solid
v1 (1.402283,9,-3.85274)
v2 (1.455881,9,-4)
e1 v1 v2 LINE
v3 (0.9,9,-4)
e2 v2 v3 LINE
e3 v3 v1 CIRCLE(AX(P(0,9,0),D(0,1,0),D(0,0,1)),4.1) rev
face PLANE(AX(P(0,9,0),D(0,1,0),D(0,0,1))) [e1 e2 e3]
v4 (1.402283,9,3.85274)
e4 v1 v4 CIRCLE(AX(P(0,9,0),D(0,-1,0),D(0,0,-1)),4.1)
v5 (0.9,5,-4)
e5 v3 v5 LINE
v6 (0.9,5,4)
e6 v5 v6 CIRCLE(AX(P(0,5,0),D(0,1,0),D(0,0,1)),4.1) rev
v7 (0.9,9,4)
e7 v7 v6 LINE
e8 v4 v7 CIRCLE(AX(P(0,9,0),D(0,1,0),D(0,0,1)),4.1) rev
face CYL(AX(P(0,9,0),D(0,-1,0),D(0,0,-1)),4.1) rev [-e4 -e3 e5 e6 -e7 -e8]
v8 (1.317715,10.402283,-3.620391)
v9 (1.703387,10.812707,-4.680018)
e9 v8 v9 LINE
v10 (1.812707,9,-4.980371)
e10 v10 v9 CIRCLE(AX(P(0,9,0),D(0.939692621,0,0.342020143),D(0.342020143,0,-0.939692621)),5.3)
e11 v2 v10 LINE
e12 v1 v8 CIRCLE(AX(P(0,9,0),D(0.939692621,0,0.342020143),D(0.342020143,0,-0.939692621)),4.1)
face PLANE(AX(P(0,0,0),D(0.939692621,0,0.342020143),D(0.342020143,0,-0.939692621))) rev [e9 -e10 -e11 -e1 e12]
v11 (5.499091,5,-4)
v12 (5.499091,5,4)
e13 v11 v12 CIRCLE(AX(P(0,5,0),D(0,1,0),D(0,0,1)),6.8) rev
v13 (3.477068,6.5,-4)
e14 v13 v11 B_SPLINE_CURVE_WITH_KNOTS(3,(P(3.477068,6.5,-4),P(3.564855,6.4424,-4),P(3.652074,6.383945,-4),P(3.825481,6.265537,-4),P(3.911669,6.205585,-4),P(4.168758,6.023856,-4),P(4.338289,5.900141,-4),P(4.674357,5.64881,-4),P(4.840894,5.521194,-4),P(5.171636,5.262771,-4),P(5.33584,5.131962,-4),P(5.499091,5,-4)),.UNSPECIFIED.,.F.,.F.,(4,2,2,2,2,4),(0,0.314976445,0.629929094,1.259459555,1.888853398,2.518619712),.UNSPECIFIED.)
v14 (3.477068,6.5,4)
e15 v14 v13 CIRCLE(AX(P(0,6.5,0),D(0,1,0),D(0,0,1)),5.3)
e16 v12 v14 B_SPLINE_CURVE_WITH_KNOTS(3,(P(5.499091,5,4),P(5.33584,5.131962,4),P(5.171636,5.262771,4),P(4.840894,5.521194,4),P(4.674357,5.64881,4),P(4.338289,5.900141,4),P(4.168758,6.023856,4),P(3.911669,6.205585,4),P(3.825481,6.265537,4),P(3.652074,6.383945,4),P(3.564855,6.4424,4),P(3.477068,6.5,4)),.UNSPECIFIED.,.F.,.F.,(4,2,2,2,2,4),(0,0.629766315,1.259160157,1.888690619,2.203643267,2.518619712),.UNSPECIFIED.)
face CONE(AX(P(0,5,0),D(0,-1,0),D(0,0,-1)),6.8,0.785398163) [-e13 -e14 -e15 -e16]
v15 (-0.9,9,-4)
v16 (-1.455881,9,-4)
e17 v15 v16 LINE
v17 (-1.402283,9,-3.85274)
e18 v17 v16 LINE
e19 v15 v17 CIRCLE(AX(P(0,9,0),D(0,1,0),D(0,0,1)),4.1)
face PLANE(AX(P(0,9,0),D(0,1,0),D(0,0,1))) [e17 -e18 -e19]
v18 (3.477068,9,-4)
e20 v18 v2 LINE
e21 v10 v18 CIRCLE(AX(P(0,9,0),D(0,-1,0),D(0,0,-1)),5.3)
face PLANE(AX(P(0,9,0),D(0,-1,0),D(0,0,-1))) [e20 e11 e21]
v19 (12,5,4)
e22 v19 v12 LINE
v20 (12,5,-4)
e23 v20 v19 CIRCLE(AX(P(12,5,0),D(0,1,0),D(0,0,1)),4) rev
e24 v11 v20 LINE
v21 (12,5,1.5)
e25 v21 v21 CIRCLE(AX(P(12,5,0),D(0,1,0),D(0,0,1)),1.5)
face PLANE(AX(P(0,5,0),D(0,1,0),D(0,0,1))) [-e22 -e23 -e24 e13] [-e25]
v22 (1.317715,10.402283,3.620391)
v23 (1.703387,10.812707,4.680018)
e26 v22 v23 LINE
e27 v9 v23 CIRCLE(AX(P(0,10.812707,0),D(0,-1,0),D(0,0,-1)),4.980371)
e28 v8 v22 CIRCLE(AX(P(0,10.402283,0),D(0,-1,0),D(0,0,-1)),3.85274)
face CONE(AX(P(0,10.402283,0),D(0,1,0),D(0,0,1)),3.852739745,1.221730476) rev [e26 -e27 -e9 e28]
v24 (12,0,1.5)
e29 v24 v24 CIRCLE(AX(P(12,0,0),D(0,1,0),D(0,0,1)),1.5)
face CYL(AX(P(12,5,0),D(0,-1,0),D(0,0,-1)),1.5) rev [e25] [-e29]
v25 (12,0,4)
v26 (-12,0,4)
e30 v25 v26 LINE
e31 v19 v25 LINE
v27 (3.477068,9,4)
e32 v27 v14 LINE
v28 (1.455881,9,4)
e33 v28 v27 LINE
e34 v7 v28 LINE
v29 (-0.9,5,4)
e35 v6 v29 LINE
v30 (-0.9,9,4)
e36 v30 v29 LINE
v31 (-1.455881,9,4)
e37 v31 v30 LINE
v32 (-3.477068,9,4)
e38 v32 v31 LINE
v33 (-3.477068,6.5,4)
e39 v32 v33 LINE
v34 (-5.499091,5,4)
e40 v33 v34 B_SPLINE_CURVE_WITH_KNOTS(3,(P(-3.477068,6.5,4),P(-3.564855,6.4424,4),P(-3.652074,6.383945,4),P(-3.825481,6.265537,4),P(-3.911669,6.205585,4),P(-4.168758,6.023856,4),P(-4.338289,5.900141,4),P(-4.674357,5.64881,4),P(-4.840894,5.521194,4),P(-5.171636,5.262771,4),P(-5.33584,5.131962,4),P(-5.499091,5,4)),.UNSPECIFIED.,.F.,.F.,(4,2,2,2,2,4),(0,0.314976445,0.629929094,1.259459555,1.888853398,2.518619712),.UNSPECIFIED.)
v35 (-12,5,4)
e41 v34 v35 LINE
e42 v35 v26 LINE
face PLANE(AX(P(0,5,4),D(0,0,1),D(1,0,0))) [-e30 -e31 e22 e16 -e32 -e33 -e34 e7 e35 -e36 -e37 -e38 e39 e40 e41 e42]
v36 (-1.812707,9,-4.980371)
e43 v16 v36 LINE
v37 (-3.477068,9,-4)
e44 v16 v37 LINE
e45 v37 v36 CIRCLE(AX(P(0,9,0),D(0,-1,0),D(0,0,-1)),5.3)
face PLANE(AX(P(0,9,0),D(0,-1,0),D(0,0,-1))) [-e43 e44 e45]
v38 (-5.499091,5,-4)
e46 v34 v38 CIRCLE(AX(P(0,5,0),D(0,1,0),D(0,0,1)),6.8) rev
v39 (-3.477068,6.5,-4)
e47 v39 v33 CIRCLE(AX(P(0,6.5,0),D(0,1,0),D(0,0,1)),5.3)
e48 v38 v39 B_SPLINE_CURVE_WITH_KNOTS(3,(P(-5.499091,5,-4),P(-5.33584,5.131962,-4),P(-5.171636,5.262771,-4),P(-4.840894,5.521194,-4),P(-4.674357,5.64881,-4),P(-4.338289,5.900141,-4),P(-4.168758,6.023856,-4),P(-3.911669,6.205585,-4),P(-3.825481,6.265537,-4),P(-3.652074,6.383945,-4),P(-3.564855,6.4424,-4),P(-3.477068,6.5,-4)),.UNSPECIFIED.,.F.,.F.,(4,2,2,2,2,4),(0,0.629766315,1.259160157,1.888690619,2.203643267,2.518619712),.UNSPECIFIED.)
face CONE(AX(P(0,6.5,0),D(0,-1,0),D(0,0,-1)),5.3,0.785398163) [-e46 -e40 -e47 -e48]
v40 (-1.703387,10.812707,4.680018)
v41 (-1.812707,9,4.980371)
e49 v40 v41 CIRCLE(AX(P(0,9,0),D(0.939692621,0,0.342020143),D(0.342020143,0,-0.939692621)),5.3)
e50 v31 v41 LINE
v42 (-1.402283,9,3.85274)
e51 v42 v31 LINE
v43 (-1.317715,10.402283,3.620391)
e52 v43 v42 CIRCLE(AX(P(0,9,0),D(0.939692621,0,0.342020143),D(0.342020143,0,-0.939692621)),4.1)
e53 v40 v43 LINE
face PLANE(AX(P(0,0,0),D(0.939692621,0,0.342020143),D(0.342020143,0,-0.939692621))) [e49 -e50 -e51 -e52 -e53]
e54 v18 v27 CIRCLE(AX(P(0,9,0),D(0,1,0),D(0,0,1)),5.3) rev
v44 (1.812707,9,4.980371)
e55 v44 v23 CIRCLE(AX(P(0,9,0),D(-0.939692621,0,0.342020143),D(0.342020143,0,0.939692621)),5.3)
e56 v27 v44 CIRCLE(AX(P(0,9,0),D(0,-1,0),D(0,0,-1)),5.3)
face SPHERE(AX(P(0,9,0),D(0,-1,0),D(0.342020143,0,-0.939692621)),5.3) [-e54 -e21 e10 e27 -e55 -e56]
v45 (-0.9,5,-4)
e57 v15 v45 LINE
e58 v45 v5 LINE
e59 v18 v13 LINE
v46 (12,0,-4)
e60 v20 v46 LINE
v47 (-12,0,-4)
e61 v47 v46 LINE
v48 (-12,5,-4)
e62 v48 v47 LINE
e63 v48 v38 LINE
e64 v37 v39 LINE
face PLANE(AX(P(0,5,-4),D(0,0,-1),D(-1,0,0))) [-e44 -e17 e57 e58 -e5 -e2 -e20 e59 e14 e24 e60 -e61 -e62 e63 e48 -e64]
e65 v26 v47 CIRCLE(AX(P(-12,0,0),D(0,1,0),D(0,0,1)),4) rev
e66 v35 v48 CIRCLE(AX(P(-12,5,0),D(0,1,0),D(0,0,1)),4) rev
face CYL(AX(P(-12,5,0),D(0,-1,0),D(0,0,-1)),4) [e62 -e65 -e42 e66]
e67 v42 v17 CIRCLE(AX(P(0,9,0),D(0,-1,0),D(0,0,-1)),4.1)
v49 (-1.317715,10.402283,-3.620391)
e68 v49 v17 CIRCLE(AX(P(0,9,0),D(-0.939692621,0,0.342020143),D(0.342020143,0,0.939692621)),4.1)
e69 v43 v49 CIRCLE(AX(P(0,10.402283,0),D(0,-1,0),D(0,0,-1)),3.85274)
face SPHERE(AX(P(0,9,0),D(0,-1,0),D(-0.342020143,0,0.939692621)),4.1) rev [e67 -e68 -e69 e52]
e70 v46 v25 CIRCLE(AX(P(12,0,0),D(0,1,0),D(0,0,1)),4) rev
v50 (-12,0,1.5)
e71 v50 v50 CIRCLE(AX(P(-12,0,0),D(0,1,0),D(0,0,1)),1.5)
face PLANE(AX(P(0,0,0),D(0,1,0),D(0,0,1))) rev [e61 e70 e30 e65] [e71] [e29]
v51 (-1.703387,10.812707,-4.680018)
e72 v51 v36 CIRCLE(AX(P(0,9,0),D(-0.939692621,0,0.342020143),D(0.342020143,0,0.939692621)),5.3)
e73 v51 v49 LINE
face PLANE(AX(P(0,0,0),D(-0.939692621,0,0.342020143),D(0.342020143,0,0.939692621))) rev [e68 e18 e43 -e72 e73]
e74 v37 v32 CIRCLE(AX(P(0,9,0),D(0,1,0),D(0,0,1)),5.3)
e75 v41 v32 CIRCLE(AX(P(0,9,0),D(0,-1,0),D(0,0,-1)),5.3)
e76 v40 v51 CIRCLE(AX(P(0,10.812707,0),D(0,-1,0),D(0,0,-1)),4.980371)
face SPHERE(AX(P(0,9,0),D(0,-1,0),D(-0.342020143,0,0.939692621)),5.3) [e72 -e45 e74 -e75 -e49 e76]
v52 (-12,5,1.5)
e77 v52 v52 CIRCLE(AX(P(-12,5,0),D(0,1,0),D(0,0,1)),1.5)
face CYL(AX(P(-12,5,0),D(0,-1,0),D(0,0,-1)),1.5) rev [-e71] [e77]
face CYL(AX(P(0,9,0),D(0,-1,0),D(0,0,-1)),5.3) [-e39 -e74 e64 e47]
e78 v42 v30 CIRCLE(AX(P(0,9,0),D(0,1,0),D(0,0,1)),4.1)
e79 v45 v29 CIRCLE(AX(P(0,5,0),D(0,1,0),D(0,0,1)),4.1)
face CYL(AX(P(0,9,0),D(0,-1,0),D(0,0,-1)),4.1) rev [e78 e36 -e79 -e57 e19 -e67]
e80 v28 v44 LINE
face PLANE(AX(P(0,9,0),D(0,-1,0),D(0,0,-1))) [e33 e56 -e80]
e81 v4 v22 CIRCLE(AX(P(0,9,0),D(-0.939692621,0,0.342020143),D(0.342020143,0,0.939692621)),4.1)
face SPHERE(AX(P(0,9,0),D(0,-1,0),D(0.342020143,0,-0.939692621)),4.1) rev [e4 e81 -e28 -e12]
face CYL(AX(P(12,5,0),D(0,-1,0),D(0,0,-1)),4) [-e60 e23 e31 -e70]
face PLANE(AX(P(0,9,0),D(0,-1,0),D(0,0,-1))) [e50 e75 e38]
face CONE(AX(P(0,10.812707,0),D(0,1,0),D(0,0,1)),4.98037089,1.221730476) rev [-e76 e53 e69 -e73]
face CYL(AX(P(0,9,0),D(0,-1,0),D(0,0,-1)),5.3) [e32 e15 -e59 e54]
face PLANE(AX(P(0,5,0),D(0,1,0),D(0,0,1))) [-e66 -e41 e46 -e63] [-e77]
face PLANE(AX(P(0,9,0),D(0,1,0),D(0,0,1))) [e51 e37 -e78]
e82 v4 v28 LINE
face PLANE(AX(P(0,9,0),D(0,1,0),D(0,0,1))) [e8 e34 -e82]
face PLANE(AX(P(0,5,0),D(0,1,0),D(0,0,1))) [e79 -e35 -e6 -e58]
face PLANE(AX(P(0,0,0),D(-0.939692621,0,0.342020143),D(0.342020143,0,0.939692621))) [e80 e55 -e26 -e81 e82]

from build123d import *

# Parameters (mm, degrees)
CROQUIS1_R                  = 1.5
SALIENTE_EXTRUIR1_DEPTH     = 5
SALIENTE_EXTRUIR2_DEPTH     = 4
REVOLUCI_N1_ANGLE           = 70
REVOLUCI_N1_OTHER_WAY_ANGLE = 70
REVOLUCI_N2_ANGLE           = 70
REVOLUCI_N2_OTHER_WAY_ANGLE = 70
CHAFL_N1_SIZE               = 1.5


with BuildPart() as part:
    # Croquis1 → Saliente-Extruir1 (new body)
    with BuildSketch(Plane(origin=(0, 0, 0), x_dir=(1, 0, 0), z_dir=(0, 1, 0))):
        with BuildLine():
            Line((-12, 4), (12, 4))
            ThreePointArc((12, 4), (16, 0), (12, -4))
            Line((12, -4), (-12, -4))
            ThreePointArc((-12, -4), (-16, 0), (-12, 4))
        make_face()
        with Locations(Location((12, 0, 0), (0, 0, 270))):
            Circle(CROQUIS1_R, mode=Mode.SUBTRACT)
        with Locations(Location((-12, 0, 0), (0, 0, 270))):
            Circle(CROQUIS1_R, mode=Mode.SUBTRACT)
    extrude(amount=SALIENTE_EXTRUIR1_DEPTH)

    # Croquis2 → Saliente-Extruir2 (add)
    with BuildSketch(Plane(origin=(0, 5, 0), x_dir=(1, 0, 0), z_dir=(0, 1, 0))):
        with BuildLine():
            Line((-3.47706773, -4), (-0.9, -4))
            ThreePointArc((-0.9, -4), (-4.1, 0), (-0.9, 4))
            Line((-0.9, 4), (-3.47706773, 4))
            ThreePointArc((-3.47706773, 4), (-5.3, 0), (-3.47706773, -4))
        make_face()
        with BuildLine():
            Line((0.9, -4), (3.47706773, -4))
            ThreePointArc((3.47706773, -4), (5.3, 0), (3.47706773, 4))
            Line((3.47706773, 4), (0.9, 4))
            ThreePointArc((0.9, 4), (4.1, 0), (0.9, -4))
        make_face()
    extrude(amount=SALIENTE_EXTRUIR2_DEPTH)

    # Croquis4 → Revolución1 (revolve)
    with BuildSketch(Plane.XY):
        with BuildLine():
            Line((4.1, 9), (5.3, 9))
            ThreePointArc((5.3, 9), (5.219481091, 9.920335342), (4.98037089, 10.81270676))
            Line((4.98037089, 10.81270676), (3.852739745, 10.402282588))
            ThreePointArc((3.852739745, 10.402282588), (4.037711787, 9.711957528), (4.1, 9))
        make_face()
    revolve(axis=Axis((0, 9, 0), (0, 1, 0)), revolution_arc=REVOLUCI_N1_ANGLE)

    # Croquis4 → Revolución1 other way (revolve)
    with BuildSketch(Plane.XY):
        with BuildLine():
            Line((4.1, 9), (5.3, 9))
            ThreePointArc((5.3, 9), (5.219481091, 9.920335342), (4.98037089, 10.81270676))
            Line((4.98037089, 10.81270676), (3.852739745, 10.402282588))
            ThreePointArc((3.852739745, 10.402282588), (4.037711787, 9.711957528), (4.1, 9))
        make_face()
    revolve(axis=Axis((0, 9, 0), (0, -1, 0)), revolution_arc=REVOLUCI_N1_OTHER_WAY_ANGLE)

    # Croquis5 → Revolución2 (revolve)
    with BuildSketch(Plane.XY):
        with BuildLine():
            Line((-5.3, 9), (-4.1, 9))
            ThreePointArc((-4.1, 9), (-4.037711787, 9.711957528), (-3.852739745, 10.402282588))
            Line((-3.852739745, 10.402282588), (-4.98037089, 10.81270676))
            ThreePointArc((-4.98037089, 10.81270676), (-5.219481091, 9.920335342), (-5.3, 9))
        make_face()
    revolve(axis=Axis((0, 9, 0), (0, 1, 0)), revolution_arc=REVOLUCI_N2_ANGLE)

    # Croquis5 → Revolución2 other way (revolve)
    with BuildSketch(Plane.XY):
        with BuildLine():
            Line((-5.3, 9), (-4.1, 9))
            ThreePointArc((-4.1, 9), (-4.037711787, 9.711957528), (-3.852739745, 10.402282588))
            Line((-3.852739745, 10.402282588), (-4.98037089, 10.81270676))
            ThreePointArc((-4.98037089, 10.81270676), (-5.219481091, 9.920335342), (-5.3, 9))
        make_face()
    revolve(axis=Axis((0, 9, 0), (0, -1, 0)), revolution_arc=REVOLUCI_N2_OTHER_WAY_ANGLE)

    # Chaflán1
    chafl_n1_edges = [part.edges().sort_by_distance(p)[0] for p in [
        (-5.3, 5, 0),
        (5.3, 5, 0),
    ]]
    chamfer(chafl_n1_edges, length=CHAFL_N1_SIZE)


solid = part.part
